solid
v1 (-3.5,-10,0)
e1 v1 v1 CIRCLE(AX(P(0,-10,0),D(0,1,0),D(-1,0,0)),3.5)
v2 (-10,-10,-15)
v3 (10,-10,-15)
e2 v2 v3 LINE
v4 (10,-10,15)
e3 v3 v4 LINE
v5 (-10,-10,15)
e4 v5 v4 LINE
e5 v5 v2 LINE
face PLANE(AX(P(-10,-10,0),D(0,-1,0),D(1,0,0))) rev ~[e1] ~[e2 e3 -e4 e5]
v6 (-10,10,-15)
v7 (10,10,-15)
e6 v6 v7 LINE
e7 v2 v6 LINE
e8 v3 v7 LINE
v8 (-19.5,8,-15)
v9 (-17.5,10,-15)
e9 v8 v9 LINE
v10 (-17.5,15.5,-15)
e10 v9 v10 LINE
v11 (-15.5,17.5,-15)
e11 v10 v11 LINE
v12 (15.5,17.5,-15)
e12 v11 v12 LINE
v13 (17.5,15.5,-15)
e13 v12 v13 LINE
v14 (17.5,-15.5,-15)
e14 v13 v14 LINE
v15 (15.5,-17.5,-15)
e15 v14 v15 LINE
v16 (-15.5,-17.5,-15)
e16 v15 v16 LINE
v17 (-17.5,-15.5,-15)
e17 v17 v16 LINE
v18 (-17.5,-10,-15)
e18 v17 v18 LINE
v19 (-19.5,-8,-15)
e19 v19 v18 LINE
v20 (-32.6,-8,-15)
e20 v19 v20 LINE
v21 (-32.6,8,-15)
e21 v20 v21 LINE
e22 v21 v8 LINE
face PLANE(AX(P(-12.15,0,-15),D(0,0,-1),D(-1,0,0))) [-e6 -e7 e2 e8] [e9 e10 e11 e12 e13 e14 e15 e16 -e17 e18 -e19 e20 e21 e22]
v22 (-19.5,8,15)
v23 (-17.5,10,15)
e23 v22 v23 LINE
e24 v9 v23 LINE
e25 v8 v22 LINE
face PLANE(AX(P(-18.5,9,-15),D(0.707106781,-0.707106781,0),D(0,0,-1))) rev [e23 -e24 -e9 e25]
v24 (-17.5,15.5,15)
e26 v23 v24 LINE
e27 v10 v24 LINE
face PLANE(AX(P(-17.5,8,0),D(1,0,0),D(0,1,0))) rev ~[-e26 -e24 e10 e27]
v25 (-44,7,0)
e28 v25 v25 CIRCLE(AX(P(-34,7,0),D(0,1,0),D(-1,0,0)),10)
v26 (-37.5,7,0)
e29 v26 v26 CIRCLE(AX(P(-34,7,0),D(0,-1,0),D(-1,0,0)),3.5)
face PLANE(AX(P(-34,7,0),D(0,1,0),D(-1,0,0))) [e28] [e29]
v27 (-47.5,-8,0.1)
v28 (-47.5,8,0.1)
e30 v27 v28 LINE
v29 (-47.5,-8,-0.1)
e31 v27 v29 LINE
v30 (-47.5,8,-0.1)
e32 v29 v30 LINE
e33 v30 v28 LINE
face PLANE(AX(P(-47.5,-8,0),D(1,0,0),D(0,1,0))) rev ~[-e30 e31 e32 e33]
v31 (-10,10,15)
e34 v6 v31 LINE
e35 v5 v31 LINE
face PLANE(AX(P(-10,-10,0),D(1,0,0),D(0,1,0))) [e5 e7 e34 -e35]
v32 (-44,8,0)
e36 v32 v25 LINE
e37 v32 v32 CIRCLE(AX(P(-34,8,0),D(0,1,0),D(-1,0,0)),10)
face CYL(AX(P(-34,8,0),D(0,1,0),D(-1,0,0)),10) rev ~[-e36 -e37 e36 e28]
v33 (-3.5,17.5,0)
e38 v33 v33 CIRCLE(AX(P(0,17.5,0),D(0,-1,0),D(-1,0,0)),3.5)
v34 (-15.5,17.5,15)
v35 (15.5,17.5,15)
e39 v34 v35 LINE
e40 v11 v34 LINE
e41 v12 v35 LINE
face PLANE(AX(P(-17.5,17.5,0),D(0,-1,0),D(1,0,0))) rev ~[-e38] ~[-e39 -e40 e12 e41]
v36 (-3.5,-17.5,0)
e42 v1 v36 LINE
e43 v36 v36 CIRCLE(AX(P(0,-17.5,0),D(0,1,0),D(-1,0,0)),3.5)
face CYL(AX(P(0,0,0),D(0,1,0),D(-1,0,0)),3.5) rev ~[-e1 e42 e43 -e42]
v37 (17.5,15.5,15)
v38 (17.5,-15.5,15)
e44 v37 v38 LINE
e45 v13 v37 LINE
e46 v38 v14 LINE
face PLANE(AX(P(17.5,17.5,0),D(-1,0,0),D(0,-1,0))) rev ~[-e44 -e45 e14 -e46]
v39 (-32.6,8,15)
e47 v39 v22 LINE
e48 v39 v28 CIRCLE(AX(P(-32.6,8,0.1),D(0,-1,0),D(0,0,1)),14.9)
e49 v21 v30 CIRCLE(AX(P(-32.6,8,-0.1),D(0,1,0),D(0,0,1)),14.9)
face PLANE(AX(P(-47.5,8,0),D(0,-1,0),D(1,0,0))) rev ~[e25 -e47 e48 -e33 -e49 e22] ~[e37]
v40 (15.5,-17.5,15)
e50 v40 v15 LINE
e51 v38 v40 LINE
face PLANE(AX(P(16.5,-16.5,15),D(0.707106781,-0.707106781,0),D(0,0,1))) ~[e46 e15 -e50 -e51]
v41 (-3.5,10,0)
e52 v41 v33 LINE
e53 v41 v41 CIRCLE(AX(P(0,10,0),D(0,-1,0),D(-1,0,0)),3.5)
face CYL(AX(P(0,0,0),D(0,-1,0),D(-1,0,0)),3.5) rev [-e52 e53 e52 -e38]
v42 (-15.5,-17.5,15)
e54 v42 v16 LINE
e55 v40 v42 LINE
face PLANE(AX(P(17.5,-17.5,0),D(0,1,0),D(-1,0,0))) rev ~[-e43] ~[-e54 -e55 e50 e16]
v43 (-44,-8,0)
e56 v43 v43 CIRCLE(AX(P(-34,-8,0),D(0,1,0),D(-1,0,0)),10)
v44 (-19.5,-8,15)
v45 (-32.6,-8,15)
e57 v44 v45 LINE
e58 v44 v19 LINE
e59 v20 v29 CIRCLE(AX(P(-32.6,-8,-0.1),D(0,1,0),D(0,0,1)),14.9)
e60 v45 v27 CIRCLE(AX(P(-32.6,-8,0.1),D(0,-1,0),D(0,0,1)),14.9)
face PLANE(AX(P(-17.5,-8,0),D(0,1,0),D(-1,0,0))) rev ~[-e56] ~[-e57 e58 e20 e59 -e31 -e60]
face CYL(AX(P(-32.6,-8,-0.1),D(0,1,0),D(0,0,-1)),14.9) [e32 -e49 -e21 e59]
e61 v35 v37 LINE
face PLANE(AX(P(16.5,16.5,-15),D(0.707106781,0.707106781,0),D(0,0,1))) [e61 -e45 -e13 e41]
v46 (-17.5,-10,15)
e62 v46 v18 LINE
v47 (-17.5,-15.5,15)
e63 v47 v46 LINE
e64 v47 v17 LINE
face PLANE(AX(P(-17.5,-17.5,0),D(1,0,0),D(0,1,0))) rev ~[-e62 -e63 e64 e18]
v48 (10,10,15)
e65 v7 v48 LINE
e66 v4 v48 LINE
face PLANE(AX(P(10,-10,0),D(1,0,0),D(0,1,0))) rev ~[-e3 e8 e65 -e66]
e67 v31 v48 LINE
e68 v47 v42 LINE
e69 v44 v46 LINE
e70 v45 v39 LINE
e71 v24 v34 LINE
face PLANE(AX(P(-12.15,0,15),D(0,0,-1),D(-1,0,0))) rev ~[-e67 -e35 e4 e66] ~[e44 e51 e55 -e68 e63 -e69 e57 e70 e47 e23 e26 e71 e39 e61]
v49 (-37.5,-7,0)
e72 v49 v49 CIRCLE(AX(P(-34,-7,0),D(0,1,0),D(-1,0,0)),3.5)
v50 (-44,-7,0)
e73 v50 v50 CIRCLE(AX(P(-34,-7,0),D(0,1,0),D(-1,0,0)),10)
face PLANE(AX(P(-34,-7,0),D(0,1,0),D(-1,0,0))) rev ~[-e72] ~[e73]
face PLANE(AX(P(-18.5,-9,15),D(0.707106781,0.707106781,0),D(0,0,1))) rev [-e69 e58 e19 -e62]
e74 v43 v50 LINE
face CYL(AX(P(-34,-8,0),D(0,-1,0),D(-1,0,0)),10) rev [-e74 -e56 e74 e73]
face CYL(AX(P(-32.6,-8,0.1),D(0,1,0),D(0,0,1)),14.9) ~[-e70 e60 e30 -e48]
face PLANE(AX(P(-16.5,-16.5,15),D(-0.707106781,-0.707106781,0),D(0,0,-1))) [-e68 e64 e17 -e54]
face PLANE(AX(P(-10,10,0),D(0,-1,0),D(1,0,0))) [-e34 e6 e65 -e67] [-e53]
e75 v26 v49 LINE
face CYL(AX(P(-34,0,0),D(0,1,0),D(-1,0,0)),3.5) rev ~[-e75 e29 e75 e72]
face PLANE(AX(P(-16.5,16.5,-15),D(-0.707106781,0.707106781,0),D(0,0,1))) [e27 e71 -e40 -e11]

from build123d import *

# Parameters (mm, degrees)
SKETCH_W          = 20
SKETCH_H          = 20
PAD_DEPTH         = 15
SKETCH002_R       = 3.5
POCKET_DEPTH      = 17.501
POCKET_DEPTH_BACK = -17.501
SKETCH001_R       = 10
POCKET001_DEPTH   = 1
SKETCH003_R       = 10
POCKET002_DEPTH   = 1
FILLET_R          = 14.9
CHAMFER_SIZE      = 2


with BuildPart() as part:
    # Sketch → Pad (new body, symmetric)
    with BuildSketch(Plane.XY):
        Polygon((17.5, 17.5), (17.5, -17.5), (-17.5, -17.5), (-17.5, -8), (-47.5, -8), (-47.5, 8), (-17.5, 8), (-17.5, 17.5), align=None)
        Rectangle(SKETCH_W, SKETCH_H, mode=Mode.SUBTRACT)
    extrude(amount=PAD_DEPTH, both=True)

    # Sketch002 → Pocket (cut, two sides)
    with BuildSketch(Plane(origin=(0, 0, 0), x_dir=(-1, 0, 0), z_dir=(0, 1, 0))) as pocket_sk:
        with Locations((34, 0)):
            Circle(SKETCH002_R)
        Circle(SKETCH002_R)
    extrude(amount=-POCKET_DEPTH, mode=Mode.SUBTRACT)
    extrude(pocket_sk.sketch, amount=-POCKET_DEPTH_BACK, mode=Mode.SUBTRACT)

    # Sketch001 (on Face6 of Pad) → Pocket001 (cut)
    with BuildSketch(Plane(origin=(0, 8, 0), x_dir=(-1, 0, 0), z_dir=(0, 1, 0))):
        with Locations((34, 0)):
            Circle(SKETCH001_R)
    extrude(amount=-POCKET001_DEPTH, mode=Mode.SUBTRACT)

    # Sketch003 (on Face4 of Pad) → Pocket002 (cut)
    with BuildSketch(Plane(origin=(0, -8, 0), x_dir=(-1, 0, 0), z_dir=(0, 1, 0))):
        with Locations((34, 0)):
            Circle(SKETCH003_R)
    extrude(amount=POCKET002_DEPTH, mode=Mode.SUBTRACT)

    # Fillet
    fillet_edges = [part.edges().sort_by_distance(p)[0] for p in [
        (-47.5, 0, 15),
        (-47.5, 0, -15),
    ]]
    fillet(fillet_edges, radius=FILLET_R)

    # Chamfer
    chamfer_edges = [part.edges().sort_by_distance(p)[0] for p in [
        (17.5, -17.5, 0),
        (-17.5, -17.5, 0),
        (-17.5, -8, 0),
        (-17.5, 8, 0),
        (17.5, 17.5, 0),
        (-17.5, 17.5, 0),
    ]]
    chamfer(chamfer_edges, length=CHAMFER_SIZE)


solid = part.part
